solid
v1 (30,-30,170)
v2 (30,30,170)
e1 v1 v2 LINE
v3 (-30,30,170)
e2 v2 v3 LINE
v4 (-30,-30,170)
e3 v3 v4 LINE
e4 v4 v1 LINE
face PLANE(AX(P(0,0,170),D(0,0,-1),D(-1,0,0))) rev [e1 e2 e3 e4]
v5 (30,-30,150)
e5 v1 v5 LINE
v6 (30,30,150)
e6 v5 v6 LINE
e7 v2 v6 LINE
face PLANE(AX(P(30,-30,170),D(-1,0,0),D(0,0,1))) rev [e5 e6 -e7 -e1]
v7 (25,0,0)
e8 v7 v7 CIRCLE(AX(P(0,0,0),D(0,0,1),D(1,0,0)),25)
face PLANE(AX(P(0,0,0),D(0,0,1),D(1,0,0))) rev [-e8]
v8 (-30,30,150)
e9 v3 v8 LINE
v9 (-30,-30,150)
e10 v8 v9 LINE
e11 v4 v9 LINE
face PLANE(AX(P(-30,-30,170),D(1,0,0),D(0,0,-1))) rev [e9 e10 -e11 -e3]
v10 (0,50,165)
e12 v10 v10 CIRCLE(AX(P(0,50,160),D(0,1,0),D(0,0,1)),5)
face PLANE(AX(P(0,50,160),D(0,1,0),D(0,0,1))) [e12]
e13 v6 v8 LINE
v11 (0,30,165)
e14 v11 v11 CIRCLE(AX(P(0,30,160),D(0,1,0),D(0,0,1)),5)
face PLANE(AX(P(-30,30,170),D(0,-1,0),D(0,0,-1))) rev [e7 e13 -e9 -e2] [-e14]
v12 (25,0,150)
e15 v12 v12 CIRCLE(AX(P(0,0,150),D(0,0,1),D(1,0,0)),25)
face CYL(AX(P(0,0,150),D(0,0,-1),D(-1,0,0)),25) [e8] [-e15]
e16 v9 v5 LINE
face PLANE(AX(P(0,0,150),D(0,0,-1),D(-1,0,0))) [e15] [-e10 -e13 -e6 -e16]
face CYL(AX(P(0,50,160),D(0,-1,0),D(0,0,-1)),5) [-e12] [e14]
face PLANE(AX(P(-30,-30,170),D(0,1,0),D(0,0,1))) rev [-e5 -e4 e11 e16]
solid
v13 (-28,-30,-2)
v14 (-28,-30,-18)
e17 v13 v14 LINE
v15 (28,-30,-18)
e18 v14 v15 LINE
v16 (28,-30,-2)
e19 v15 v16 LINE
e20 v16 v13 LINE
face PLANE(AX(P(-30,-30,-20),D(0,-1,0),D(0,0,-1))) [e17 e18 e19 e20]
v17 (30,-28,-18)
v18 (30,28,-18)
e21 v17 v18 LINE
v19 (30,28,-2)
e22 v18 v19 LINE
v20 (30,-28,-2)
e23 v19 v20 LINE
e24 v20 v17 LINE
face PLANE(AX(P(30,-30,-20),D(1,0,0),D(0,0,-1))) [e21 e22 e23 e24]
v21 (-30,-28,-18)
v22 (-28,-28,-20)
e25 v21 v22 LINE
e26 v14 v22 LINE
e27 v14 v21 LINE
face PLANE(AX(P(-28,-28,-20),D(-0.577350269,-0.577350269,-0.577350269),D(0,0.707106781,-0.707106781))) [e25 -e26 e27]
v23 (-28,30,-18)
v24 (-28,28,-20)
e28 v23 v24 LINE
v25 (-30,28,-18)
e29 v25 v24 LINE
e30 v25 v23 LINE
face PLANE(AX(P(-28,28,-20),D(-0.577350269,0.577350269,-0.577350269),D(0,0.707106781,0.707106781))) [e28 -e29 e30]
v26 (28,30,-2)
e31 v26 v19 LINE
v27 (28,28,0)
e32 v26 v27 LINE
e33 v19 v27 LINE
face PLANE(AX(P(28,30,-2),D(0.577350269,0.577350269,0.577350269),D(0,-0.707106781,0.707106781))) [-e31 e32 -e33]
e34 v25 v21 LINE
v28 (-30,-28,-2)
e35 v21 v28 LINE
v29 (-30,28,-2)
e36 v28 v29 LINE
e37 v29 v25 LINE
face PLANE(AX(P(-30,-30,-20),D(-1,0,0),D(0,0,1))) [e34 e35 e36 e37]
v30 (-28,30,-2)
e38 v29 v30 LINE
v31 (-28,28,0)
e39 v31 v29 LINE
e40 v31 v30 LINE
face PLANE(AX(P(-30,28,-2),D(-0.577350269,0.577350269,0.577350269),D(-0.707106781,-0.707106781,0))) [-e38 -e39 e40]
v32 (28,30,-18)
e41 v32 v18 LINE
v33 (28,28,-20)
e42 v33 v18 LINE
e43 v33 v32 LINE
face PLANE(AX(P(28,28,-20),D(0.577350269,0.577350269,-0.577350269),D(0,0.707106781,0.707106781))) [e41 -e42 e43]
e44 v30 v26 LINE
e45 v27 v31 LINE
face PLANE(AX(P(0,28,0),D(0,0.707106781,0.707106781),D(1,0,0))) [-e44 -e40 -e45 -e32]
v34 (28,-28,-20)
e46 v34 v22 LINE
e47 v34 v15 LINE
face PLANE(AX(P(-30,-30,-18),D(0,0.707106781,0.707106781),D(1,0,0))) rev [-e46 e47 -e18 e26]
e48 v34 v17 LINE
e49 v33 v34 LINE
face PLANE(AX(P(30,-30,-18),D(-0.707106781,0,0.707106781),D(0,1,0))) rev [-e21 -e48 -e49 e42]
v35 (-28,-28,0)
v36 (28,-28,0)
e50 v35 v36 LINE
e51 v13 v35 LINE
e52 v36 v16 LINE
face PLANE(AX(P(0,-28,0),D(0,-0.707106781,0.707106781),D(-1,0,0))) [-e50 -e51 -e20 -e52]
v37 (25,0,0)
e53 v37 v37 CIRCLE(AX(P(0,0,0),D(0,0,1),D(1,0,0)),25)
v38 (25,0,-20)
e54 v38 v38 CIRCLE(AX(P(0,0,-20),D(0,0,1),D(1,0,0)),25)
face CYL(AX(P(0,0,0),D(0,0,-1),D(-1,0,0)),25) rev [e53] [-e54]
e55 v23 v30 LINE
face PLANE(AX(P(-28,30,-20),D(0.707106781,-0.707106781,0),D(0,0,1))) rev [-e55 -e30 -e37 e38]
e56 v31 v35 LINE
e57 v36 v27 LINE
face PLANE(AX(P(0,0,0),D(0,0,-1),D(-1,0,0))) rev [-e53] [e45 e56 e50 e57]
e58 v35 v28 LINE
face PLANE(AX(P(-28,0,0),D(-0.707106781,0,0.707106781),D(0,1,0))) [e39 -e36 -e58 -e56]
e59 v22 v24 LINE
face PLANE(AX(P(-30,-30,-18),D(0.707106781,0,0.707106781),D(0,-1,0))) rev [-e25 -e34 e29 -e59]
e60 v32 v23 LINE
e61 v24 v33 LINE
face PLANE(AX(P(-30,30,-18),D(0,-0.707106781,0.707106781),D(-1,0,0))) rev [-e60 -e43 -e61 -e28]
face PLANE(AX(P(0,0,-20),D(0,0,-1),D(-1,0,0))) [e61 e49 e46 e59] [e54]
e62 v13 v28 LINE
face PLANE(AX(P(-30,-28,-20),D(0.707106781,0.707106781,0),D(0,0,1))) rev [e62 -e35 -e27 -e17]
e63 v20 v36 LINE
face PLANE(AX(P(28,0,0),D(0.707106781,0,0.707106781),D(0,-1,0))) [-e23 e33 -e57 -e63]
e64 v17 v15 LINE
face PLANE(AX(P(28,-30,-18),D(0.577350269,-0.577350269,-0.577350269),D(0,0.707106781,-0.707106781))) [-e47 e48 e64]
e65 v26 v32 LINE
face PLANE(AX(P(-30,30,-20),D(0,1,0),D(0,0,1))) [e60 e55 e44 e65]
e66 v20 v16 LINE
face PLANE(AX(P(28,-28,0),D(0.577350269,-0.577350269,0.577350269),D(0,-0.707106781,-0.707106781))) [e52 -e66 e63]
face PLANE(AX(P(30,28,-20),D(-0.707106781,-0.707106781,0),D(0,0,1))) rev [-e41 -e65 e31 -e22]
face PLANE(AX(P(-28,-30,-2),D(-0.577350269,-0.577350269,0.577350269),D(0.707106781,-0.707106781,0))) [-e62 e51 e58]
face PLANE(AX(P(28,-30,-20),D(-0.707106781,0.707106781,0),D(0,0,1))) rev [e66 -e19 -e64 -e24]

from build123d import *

# Parameters (mm, degrees)
SKETCH1_R           = 25
BOSS_EXTRUDE1_DEPTH = 150
SKETCH2_W           = 60
SKETCH2_H           = 60
BOSS_EXTRUDE2_DEPTH = 20
SKETCH3_W           = 60
SKETCH3_H           = 60
BOSS_EXTRUDE3_DEPTH = 20
SKETCH4_R           = 25
CUT_EXTRUDE1_DEPTH  = 20
SKETCH5_R           = 5
BOSS_EXTRUDE4_DEPTH = 20
CHAMFER1_SIZE       = 2


with BuildPart() as part:
    # Sketch1 → Boss-Extrude1 (new body)
    with BuildSketch(Plane.XY):
        Circle(SKETCH1_R)
    extrude(amount=BOSS_EXTRUDE1_DEPTH)

    # Sketch2 → Boss-Extrude2 (add)
    with BuildSketch(Plane.XY):
        Rectangle(SKETCH2_W, SKETCH2_H)
    extrude(amount=-BOSS_EXTRUDE2_DEPTH)

    # Sketch3 → Boss-Extrude3 (add)
    with BuildSketch(Plane.XY.offset(150)):
        Rectangle(SKETCH3_W, SKETCH3_H)
    extrude(amount=BOSS_EXTRUDE3_DEPTH)

    # Sketch4 → Cut-Extrude1 (cut)
    with BuildSketch(Plane.XY.offset(-20)):
        Circle(SKETCH4_R)
    extrude(amount=CUT_EXTRUDE1_DEPTH, mode=Mode.SUBTRACT)


with BuildPart() as cut_extrude1_piece_1:
    # of the separate pieces the step leaves, piece 1, a body of its own (cut_extrude1_pieces)
    add(part.part.solids().sort_by_distance((-30, -30, 150))[0])

    # Sketch5 → Boss-Extrude4 (add)
    with BuildSketch(Plane(origin=(0, 30, 0), x_dir=(1, 0, 0), z_dir=(0, 1, 0))):
        with Locations((0, -160)):
            Circle(SKETCH5_R)
    extrude(amount=BOSS_EXTRUDE4_DEPTH)


with BuildPart() as cut_extrude1_piece_2:
    # of the separate pieces the step leaves, piece 2, a body of its own (cut_extrude1_pieces)
    add(part.part.solids().sort_by_distance((-30, -30, 0))[0])

    # Chamfer1
    chamfer1_edges = [cut_extrude1_piece_2.edges().sort_by_distance(p)[0] for p in [
        (0, -30, -20),
        (-30, 0, -20),
        (0, 30, -20),
        (30, 0, -20),
        (0, -30, 0),
        (-30, -30, -10),
        (-30, 0, 0),
        (-30, 30, -10),
        (0, 30, 0),
        (30, -30, -10),
        (30, 0, 0),
        (30, 30, -10),
    ]]
    chamfer(chamfer1_edges, length=CHAMFER1_SIZE)


solid = Compound([cut_extrude1_piece_1.part, cut_extrude1_piece_2.part])
